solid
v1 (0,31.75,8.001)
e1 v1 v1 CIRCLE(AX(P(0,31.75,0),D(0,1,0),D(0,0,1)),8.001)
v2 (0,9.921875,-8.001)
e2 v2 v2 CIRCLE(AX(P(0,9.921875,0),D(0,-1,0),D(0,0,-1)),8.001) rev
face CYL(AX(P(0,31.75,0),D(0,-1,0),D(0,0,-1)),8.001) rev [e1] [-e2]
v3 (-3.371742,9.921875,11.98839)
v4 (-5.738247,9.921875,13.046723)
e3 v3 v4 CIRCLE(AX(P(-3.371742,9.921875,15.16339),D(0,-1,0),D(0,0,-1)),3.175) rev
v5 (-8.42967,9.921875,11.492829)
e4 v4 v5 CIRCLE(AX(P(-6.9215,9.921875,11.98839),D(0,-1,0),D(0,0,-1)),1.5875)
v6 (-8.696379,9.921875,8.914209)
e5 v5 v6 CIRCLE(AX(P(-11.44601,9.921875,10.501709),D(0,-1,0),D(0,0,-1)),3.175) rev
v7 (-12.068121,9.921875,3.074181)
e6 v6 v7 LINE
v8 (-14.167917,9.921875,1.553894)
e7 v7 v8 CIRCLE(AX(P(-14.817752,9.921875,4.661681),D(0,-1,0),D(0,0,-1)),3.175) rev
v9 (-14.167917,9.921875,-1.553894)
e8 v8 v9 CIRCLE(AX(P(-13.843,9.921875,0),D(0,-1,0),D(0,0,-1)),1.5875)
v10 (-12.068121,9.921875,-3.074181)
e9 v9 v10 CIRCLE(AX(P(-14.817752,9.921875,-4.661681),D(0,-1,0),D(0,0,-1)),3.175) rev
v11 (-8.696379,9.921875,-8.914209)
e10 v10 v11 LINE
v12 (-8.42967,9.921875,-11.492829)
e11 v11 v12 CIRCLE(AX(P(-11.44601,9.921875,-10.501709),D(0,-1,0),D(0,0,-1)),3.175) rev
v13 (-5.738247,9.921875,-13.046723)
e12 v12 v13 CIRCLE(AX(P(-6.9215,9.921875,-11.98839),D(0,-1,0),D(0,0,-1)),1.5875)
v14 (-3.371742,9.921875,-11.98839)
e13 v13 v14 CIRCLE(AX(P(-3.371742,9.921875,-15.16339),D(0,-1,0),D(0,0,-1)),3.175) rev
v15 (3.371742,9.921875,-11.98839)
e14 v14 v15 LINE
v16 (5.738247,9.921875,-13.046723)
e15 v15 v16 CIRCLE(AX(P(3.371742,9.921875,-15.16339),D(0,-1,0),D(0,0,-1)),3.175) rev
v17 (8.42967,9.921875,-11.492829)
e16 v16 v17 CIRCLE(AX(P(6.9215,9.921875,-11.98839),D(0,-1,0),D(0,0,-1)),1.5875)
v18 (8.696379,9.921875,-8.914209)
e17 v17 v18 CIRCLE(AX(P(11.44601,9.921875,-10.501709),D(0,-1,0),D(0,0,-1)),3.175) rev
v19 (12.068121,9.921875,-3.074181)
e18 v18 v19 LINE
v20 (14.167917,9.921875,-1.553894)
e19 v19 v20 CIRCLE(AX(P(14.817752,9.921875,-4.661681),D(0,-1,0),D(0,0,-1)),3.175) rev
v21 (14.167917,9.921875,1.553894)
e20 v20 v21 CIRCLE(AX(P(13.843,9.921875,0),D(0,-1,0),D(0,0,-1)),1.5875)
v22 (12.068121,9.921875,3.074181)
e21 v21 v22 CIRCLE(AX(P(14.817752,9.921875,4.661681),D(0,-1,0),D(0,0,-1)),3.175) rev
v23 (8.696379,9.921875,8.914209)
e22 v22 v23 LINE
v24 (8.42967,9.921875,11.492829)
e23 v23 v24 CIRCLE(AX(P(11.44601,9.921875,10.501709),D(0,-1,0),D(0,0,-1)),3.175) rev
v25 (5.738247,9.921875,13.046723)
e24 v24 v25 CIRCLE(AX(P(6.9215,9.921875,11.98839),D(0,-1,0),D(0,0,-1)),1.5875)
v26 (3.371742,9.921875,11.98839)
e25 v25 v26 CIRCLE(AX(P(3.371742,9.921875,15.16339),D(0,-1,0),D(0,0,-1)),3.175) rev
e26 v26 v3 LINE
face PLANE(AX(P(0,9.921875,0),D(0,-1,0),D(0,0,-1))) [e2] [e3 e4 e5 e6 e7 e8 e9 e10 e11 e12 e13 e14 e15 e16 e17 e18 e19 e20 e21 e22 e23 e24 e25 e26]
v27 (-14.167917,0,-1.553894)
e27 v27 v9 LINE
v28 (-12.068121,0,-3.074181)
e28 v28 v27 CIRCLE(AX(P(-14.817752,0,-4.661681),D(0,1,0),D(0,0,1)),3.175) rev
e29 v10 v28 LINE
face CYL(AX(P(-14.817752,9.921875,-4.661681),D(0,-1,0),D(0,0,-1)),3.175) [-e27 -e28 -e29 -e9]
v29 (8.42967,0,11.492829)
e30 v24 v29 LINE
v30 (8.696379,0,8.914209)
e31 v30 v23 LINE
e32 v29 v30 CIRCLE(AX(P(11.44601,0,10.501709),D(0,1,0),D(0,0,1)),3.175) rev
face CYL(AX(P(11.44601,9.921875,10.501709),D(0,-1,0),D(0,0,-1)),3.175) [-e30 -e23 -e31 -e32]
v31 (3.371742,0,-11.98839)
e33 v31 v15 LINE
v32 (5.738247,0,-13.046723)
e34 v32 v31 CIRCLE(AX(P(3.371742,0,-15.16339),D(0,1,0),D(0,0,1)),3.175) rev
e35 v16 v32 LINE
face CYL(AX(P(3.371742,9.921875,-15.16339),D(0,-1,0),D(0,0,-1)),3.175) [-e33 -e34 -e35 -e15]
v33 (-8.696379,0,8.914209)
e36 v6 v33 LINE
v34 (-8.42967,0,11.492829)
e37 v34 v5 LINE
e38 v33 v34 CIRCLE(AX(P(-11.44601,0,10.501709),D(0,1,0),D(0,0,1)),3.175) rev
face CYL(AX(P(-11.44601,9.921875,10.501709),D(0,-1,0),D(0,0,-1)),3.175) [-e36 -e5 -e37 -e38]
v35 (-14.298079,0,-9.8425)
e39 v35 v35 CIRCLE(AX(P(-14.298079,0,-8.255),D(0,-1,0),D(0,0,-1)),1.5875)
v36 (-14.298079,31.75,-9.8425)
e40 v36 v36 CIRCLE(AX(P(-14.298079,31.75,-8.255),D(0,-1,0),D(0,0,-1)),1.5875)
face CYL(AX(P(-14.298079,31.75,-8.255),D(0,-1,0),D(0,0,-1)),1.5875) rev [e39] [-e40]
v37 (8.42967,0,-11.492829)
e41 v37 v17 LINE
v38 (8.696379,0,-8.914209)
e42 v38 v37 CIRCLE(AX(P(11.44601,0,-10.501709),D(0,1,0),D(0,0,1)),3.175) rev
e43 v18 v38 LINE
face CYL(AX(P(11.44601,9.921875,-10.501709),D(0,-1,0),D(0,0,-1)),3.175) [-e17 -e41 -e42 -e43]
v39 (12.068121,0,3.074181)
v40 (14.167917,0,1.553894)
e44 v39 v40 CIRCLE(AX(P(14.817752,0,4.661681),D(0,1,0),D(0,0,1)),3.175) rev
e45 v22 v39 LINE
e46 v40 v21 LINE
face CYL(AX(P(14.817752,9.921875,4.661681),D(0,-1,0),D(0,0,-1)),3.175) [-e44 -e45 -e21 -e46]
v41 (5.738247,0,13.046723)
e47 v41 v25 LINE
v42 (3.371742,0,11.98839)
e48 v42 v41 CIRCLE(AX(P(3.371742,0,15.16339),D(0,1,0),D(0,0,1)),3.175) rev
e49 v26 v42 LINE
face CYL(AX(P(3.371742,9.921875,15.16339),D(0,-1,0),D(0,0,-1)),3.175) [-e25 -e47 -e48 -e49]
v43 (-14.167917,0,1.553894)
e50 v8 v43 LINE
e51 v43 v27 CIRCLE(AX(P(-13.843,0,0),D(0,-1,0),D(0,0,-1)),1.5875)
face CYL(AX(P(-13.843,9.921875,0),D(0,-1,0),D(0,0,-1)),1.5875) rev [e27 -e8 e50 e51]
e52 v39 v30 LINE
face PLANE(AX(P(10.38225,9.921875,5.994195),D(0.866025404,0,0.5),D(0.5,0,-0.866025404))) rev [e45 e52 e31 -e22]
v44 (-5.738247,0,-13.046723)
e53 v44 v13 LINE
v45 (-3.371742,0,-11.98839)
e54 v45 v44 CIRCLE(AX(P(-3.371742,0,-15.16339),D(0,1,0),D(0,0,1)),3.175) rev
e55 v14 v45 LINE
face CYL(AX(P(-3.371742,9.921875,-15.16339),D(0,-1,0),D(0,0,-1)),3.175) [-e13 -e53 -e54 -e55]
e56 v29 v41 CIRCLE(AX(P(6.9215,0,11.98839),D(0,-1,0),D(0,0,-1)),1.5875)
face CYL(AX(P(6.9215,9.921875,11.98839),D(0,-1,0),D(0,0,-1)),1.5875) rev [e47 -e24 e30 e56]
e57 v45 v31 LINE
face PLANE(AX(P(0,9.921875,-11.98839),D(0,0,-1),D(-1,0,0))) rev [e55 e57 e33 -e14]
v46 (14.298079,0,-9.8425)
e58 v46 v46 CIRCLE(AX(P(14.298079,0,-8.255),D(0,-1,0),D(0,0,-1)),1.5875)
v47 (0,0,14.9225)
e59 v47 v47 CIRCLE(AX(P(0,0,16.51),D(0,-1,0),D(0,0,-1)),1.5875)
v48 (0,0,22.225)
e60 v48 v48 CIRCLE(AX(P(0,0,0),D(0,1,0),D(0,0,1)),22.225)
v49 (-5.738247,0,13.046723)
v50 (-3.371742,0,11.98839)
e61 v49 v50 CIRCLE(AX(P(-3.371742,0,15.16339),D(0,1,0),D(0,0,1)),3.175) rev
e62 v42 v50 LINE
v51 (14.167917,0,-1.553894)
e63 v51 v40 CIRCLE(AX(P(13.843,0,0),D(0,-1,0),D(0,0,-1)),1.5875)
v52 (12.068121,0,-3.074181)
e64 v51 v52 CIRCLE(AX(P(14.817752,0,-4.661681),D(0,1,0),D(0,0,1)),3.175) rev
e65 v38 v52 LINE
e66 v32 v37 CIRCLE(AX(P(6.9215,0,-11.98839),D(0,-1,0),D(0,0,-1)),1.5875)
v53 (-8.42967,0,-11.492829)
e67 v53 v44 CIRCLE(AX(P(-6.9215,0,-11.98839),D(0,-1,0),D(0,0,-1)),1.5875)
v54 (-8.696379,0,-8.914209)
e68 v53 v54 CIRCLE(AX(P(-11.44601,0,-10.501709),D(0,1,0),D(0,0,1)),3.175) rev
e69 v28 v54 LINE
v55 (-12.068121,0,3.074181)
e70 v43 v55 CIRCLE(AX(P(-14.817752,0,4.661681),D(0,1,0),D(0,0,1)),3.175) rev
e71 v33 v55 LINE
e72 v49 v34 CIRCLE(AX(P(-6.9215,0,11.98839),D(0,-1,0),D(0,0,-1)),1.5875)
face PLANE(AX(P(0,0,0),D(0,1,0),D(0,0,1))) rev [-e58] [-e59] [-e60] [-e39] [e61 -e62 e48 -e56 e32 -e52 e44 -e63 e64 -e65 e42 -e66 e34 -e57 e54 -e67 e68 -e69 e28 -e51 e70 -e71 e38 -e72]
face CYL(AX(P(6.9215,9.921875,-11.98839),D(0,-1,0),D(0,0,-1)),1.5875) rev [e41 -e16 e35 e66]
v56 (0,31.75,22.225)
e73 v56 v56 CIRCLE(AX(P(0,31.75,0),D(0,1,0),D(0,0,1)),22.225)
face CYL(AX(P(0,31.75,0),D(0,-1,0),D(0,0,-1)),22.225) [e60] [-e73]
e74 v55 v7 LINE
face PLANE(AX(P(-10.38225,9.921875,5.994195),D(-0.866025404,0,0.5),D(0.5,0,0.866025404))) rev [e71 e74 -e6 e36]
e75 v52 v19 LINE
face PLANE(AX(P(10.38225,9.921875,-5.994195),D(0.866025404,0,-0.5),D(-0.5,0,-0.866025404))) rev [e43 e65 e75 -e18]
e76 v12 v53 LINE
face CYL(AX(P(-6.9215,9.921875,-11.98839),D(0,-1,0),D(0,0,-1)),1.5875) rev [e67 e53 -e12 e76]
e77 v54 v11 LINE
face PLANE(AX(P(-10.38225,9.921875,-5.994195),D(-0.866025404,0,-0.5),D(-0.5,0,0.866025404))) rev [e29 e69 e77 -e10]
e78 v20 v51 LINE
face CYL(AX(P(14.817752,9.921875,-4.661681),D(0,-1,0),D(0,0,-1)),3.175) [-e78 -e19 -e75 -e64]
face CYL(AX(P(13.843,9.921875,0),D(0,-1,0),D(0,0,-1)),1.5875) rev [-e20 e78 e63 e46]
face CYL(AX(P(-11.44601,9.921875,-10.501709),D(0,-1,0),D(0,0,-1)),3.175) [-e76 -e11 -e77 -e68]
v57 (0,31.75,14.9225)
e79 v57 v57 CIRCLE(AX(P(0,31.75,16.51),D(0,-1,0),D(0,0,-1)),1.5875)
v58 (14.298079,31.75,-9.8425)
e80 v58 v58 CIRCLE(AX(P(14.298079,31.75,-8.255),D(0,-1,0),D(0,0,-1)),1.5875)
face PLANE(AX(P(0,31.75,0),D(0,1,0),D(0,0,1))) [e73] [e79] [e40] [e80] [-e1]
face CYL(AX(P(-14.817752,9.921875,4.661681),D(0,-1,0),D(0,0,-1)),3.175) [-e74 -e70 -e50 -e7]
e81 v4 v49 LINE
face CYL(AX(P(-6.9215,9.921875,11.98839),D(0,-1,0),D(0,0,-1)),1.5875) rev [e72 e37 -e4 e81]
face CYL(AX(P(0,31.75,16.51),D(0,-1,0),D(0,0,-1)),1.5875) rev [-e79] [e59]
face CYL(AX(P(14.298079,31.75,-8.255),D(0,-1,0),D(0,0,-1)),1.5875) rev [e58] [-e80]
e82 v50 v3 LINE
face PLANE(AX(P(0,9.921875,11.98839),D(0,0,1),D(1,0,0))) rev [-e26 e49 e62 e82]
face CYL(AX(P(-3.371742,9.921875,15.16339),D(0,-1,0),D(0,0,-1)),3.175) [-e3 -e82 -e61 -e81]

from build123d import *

# Parameters (mm, degrees)
SKETCH1_R           = 22.225
SKETCH1_R_2         = 8.001
BOSS_EXTRUDE1_DEPTH = 31.75
SKETCH2_R           = 1.5875
SKETCH2_R_2         = 8.001
CUT_EXTRUDE1_DEPTH  = 9.921875
FILLET1_R           = 3.175
SKETCH3_R           = 1.5875
CUT_EXTRUDE2_DEPTH  = 45.676210112


with BuildPart() as part:
    # Sketch1 → Boss-Extrude1 (new body)
    with BuildSketch(Plane(origin=(0, 0, 0), x_dir=(1, 0, 0), z_dir=(0, 1, 0))):
        with Locations(Location((0, 0, 0), (0, 0, 270))):
            Circle(SKETCH1_R)
        with Locations(Location((0, 0, 0), (0, 0, 270))):
            Circle(SKETCH1_R_2, mode=Mode.SUBTRACT)
    extrude(amount=BOSS_EXTRUDE1_DEPTH)

    # Sketch2 → Cut-Extrude1 (cut)
    # profile 1 of 31: a face of its own
    with BuildSketch(Plane.XZ):
        with BuildLine():
            ThreePointArc((-12.2555, 0), (-12.468184671, 0.79375), (-13.04925, 1.374815329))
            Line((-13.04925, 1.374815329), (-13.843, 0))
            Line((-13.843, 0), (-13.04925, -1.374815329))
            ThreePointArc((-13.04925, -1.374815329), (-12.468184671, -0.79375), (-12.2555, 0))
        make_face()
    # profile 2 of 31: a face of its own
    with BuildSketch(Plane.XZ):
        with BuildLine():
            Line((-13.843, 0), (-13.04925, 1.374815329))
            ThreePointArc((-13.04925, 1.374815329), (-15.4305, 0), (-13.04925, -1.374815329))
            Line((-13.04925, -1.374815329), (-13.843, 0))
        make_face()
    # profile 3 of 31: a face of its own
    with BuildSketch(Plane.XZ):
        with BuildLine():
            ThreePointArc((-12.2555, 0), (-12.468184671, 0.79375), (-13.04925, 1.374815329))
            Line((-13.04925, 1.374815329), (-13.843, 0))
            Line((-13.843, 0), (-13.04925, -1.374815329))
            ThreePointArc((-13.04925, -1.374815329), (-12.468184671, -0.79375), (-12.2555, 0))
        make_face()
    # profile 4 of 31: a face of its own
    with BuildSketch(Plane.XZ):
        with BuildLine():
            Line((-13.843, 0), (-13.04925, 1.374815329))
            ThreePointArc((-13.04925, 1.374815329), (-15.4305, 0), (-13.04925, -1.374815329))
            Line((-13.04925, -1.374815329), (-13.843, 0))
        make_face()
    # profile 5 of 31: a face of its own
    with BuildSketch(Plane.XZ):
        with Locations((-13.843, 0)):
            Circle(SKETCH2_R)
    # profile 6 of 31: a face of its own
    with BuildSketch(Plane.XZ):
        with Locations((-6.9215, -11.988389665)):
            Circle(SKETCH2_R)
    # profile 7 of 31: a face of its own
    with BuildSketch(Plane.XZ):
        with Locations((6.9215, -11.988389665)):
            Circle(SKETCH2_R)
    # profile 8 of 31: a face of its own
    with BuildSketch(Plane.XZ):
        with Locations((13.843, 0)):
            Circle(SKETCH2_R)
    # profile 9 of 31: a face of its own
    with BuildSketch(Plane.XZ):
        with Locations((6.9215, 11.988389665)):
            Circle(SKETCH2_R)
    # profile 10 of 31: a face of its own
    with BuildSketch(Plane.XZ):
        with Locations((-6.9215, 11.988389665)):
            Circle(SKETCH2_R)
    # profile 11 of 31: a face of its own
    with BuildSketch(Plane.XZ):
        Polygon((-13.843, 0), (-6.9215, -11.988389665), (6.9215, -11.988389665), (13.843, 0), (6.9215, 11.988389665), (-6.9215, 11.988389665), align=None)
        with Locations(Location((0, 0, 0), (0, 0, 270))):
            Circle(SKETCH2_R_2, mode=Mode.SUBTRACT)
    # profile 12 of 31: a face of its own
    with BuildSketch(Plane.XZ):
        with BuildLine():
            ThreePointArc((-5.334, -11.988389665), (-6.12775, -10.613574336), (-7.71525, -10.613574336))
            Line((-7.71525, -10.613574336), (-6.9215, -11.988389665))
            Line((-6.9215, -11.988389665), (-5.334, -11.988389665))
        make_face()
    # profile 13 of 31: a face of its own
    with BuildSketch(Plane.XZ):
        with BuildLine():
            Line((-6.9215, -11.988389665), (-7.71525, -10.613574336))
            ThreePointArc((-7.71525, -10.613574336), (-7.71525, -13.363204993), (-5.334, -11.988389665))
            Line((-5.334, -11.988389665), (-6.9215, -11.988389665))
        make_face()
    # profile 14 of 31: a face of its own
    with BuildSketch(Plane.XZ):
        with BuildLine():
            ThreePointArc((-5.334, -11.988389665), (-6.12775, -10.613574336), (-7.71525, -10.613574336))
            Line((-7.71525, -10.613574336), (-6.9215, -11.988389665))
            Line((-6.9215, -11.988389665), (-5.334, -11.988389665))
        make_face()
    # profile 15 of 31: a face of its own
    with BuildSketch(Plane.XZ):
        with BuildLine():
            Line((-6.9215, -11.988389665), (-7.71525, -10.613574336))
            ThreePointArc((-7.71525, -10.613574336), (-7.71525, -13.363204993), (-5.334, -11.988389665))
            Line((-5.334, -11.988389665), (-6.9215, -11.988389665))
        make_face()
    # profile 16 of 31: a face of its own
    with BuildSketch(Plane.XZ):
        with BuildLine():
            ThreePointArc((8.509, -11.988389665), (8.296315329, -11.194639665), (7.71525, -10.613574336))
            Line((7.71525, -10.613574336), (6.9215, -11.988389665))
            Line((6.9215, -11.988389665), (5.334, -11.988389665))
            ThreePointArc((5.334, -11.988389665), (6.9215, -13.575889665), (8.509, -11.988389665))
        make_face()
    # profile 17 of 31: a face of its own
    with BuildSketch(Plane.XZ):
        with BuildLine():
            Line((6.9215, -11.988389665), (7.71525, -10.613574336))
            ThreePointArc((7.71525, -10.613574336), (6.12775, -10.613574336), (5.334, -11.988389665))
            Line((5.334, -11.988389665), (6.9215, -11.988389665))
        make_face()
    # profile 18 of 31: a face of its own
    with BuildSketch(Plane.XZ):
        with BuildLine():
            ThreePointArc((8.509, -11.988389665), (8.296315329, -11.194639665), (7.71525, -10.613574336))
            Line((7.71525, -10.613574336), (6.9215, -11.988389665))
            Line((6.9215, -11.988389665), (5.334, -11.988389665))
            ThreePointArc((5.334, -11.988389665), (6.9215, -13.575889665), (8.509, -11.988389665))
        make_face()
    # profile 19 of 31: a face of its own
    with BuildSketch(Plane.XZ):
        with BuildLine():
            Line((6.9215, -11.988389665), (7.71525, -10.613574336))
            ThreePointArc((7.71525, -10.613574336), (6.12775, -10.613574336), (5.334, -11.988389665))
            Line((5.334, -11.988389665), (6.9215, -11.988389665))
        make_face()
    # profile 20 of 31: a face of its own
    with BuildSketch(Plane.XZ):
        with BuildLine():
            ThreePointArc((15.4305, 0), (14.63675, 1.374815329), (13.04925, 1.374815329))
            Line((13.04925, 1.374815329), (13.843, 0))
            Line((13.843, 0), (13.04925, -1.374815329))
            ThreePointArc((13.04925, -1.374815329), (14.63675, -1.374815329), (15.4305, 0))
        make_face()
    # profile 21 of 31: a face of its own
    with BuildSketch(Plane.XZ):
        with BuildLine():
            Line((13.843, 0), (13.04925, 1.374815329))
            ThreePointArc((13.04925, 1.374815329), (12.2555, 0), (13.04925, -1.374815329))
            Line((13.04925, -1.374815329), (13.843, 0))
        make_face()
    # profile 22 of 31: a face of its own
    with BuildSketch(Plane.XZ):
        with BuildLine():
            ThreePointArc((15.4305, 0), (14.63675, 1.374815329), (13.04925, 1.374815329))
            Line((13.04925, 1.374815329), (13.843, 0))
            Line((13.843, 0), (13.04925, -1.374815329))
            ThreePointArc((13.04925, -1.374815329), (14.63675, -1.374815329), (15.4305, 0))
        make_face()
    # profile 23 of 31: a face of its own
    with BuildSketch(Plane.XZ):
        with BuildLine():
            Line((13.843, 0), (13.04925, 1.374815329))
            ThreePointArc((13.04925, 1.374815329), (12.2555, 0), (13.04925, -1.374815329))
            Line((13.04925, -1.374815329), (13.843, 0))
        make_face()
    # profile 24 of 31: a face of its own
    with BuildSketch(Plane.XZ):
        with BuildLine():
            ThreePointArc((8.509, 11.988389665), (6.9215, 13.575889665), (5.334, 11.988389665))
            Line((5.334, 11.988389665), (6.9215, 11.988389665))
            Line((6.9215, 11.988389665), (7.71525, 10.613574336))
            ThreePointArc((7.71525, 10.613574336), (8.296315329, 11.194639665), (8.509, 11.988389665))
        make_face()
    # profile 25 of 31: a face of its own
    with BuildSketch(Plane.XZ):
        with BuildLine():
            Line((6.9215, 11.988389665), (5.334, 11.988389665))
            ThreePointArc((5.334, 11.988389665), (6.12775, 10.613574336), (7.71525, 10.613574336))
            Line((7.71525, 10.613574336), (6.9215, 11.988389665))
        make_face()
    # profile 26 of 31: a face of its own
    with BuildSketch(Plane.XZ):
        with BuildLine():
            ThreePointArc((8.509, 11.988389665), (6.9215, 13.575889665), (5.334, 11.988389665))
            Line((5.334, 11.988389665), (6.9215, 11.988389665))
            Line((6.9215, 11.988389665), (7.71525, 10.613574336))
            ThreePointArc((7.71525, 10.613574336), (8.296315329, 11.194639665), (8.509, 11.988389665))
        make_face()
    # profile 27 of 31: a face of its own
    with BuildSketch(Plane.XZ):
        with BuildLine():
            Line((6.9215, 11.988389665), (5.334, 11.988389665))
            ThreePointArc((5.334, 11.988389665), (6.12775, 10.613574336), (7.71525, 10.613574336))
            Line((7.71525, 10.613574336), (6.9215, 11.988389665))
        make_face()
    # profile 28 of 31: a face of its own
    with BuildSketch(Plane.XZ):
        with BuildLine():
            ThreePointArc((-7.71525, 10.613574336), (-6.12775, 10.613574336), (-5.334, 11.988389665))
            Line((-5.334, 11.988389665), (-6.9215, 11.988389665))
            Line((-6.9215, 11.988389665), (-7.71525, 10.613574336))
        make_face()
    # profile 29 of 31: a face of its own
    with BuildSketch(Plane.XZ):
        with BuildLine():
            Line((-6.9215, 11.988389665), (-5.334, 11.988389665))
            ThreePointArc((-5.334, 11.988389665), (-7.71525, 13.363204993), (-7.71525, 10.613574336))
            Line((-7.71525, 10.613574336), (-6.9215, 11.988389665))
        make_face()
    # profile 30 of 31: a face of its own
    with BuildSketch(Plane.XZ):
        with BuildLine():
            ThreePointArc((-7.71525, 10.613574336), (-6.12775, 10.613574336), (-5.334, 11.988389665))
            Line((-5.334, 11.988389665), (-6.9215, 11.988389665))
            Line((-6.9215, 11.988389665), (-7.71525, 10.613574336))
        make_face()
    # profile 31 of 31: a face of its own
    with BuildSketch(Plane.XZ):
        with BuildLine():
            Line((-6.9215, 11.988389665), (-5.334, 11.988389665))
            ThreePointArc((-5.334, 11.988389665), (-7.71525, 13.363204993), (-7.71525, 10.613574336))
            Line((-7.71525, 10.613574336), (-6.9215, 11.988389665))
        make_face()
    extrude(amount=-CUT_EXTRUDE1_DEPTH, mode=Mode.SUBTRACT)

    # Fillet1
    fillet1_edges = [part.edges().sort_by_distance(p)[0] for p in [
        (-5.334, 4.9609375, -11.988389665),
        (-7.71525, 4.9609375, -10.613574336),
        (-13.04925, 4.9609375, -1.374815329),
        (-13.04925, 4.9609375, 1.374815329),
        (-7.71525, 4.9609375, 10.613574336),
        (-5.334, 4.9609375, 11.988389665),
        (5.334, 4.9609375, 11.988389665),
        (7.71525, 4.9609375, 10.613574336),
        (13.04925, 4.9609375, 1.374815329),
        (13.04925, 4.9609375, -1.374815329),
        (7.71525, 4.9609375, -10.613574336),
        (5.334, 4.9609375, -11.988389665),
    ]]
    fillet(fillet1_edges, radius=FILLET1_R)

    # Sketch3 → Cut-Extrude2 (cut, through all)
    with BuildSketch(Plane.XZ):
        with Locations(Location((0, 16.51, 0), (0, 0, 270))):
            Circle(SKETCH3_R)
        with Locations(Location((14.298079416, -8.255, 0), (0, 0, 270))):
            Circle(SKETCH3_R)
        with Locations(Location((-14.298079416, -8.255, 0), (0, 0, 270))):
            Circle(SKETCH3_R)
    extrude(amount=-CUT_EXTRUDE2_DEPTH, mode=Mode.SUBTRACT)


solid = part.part
